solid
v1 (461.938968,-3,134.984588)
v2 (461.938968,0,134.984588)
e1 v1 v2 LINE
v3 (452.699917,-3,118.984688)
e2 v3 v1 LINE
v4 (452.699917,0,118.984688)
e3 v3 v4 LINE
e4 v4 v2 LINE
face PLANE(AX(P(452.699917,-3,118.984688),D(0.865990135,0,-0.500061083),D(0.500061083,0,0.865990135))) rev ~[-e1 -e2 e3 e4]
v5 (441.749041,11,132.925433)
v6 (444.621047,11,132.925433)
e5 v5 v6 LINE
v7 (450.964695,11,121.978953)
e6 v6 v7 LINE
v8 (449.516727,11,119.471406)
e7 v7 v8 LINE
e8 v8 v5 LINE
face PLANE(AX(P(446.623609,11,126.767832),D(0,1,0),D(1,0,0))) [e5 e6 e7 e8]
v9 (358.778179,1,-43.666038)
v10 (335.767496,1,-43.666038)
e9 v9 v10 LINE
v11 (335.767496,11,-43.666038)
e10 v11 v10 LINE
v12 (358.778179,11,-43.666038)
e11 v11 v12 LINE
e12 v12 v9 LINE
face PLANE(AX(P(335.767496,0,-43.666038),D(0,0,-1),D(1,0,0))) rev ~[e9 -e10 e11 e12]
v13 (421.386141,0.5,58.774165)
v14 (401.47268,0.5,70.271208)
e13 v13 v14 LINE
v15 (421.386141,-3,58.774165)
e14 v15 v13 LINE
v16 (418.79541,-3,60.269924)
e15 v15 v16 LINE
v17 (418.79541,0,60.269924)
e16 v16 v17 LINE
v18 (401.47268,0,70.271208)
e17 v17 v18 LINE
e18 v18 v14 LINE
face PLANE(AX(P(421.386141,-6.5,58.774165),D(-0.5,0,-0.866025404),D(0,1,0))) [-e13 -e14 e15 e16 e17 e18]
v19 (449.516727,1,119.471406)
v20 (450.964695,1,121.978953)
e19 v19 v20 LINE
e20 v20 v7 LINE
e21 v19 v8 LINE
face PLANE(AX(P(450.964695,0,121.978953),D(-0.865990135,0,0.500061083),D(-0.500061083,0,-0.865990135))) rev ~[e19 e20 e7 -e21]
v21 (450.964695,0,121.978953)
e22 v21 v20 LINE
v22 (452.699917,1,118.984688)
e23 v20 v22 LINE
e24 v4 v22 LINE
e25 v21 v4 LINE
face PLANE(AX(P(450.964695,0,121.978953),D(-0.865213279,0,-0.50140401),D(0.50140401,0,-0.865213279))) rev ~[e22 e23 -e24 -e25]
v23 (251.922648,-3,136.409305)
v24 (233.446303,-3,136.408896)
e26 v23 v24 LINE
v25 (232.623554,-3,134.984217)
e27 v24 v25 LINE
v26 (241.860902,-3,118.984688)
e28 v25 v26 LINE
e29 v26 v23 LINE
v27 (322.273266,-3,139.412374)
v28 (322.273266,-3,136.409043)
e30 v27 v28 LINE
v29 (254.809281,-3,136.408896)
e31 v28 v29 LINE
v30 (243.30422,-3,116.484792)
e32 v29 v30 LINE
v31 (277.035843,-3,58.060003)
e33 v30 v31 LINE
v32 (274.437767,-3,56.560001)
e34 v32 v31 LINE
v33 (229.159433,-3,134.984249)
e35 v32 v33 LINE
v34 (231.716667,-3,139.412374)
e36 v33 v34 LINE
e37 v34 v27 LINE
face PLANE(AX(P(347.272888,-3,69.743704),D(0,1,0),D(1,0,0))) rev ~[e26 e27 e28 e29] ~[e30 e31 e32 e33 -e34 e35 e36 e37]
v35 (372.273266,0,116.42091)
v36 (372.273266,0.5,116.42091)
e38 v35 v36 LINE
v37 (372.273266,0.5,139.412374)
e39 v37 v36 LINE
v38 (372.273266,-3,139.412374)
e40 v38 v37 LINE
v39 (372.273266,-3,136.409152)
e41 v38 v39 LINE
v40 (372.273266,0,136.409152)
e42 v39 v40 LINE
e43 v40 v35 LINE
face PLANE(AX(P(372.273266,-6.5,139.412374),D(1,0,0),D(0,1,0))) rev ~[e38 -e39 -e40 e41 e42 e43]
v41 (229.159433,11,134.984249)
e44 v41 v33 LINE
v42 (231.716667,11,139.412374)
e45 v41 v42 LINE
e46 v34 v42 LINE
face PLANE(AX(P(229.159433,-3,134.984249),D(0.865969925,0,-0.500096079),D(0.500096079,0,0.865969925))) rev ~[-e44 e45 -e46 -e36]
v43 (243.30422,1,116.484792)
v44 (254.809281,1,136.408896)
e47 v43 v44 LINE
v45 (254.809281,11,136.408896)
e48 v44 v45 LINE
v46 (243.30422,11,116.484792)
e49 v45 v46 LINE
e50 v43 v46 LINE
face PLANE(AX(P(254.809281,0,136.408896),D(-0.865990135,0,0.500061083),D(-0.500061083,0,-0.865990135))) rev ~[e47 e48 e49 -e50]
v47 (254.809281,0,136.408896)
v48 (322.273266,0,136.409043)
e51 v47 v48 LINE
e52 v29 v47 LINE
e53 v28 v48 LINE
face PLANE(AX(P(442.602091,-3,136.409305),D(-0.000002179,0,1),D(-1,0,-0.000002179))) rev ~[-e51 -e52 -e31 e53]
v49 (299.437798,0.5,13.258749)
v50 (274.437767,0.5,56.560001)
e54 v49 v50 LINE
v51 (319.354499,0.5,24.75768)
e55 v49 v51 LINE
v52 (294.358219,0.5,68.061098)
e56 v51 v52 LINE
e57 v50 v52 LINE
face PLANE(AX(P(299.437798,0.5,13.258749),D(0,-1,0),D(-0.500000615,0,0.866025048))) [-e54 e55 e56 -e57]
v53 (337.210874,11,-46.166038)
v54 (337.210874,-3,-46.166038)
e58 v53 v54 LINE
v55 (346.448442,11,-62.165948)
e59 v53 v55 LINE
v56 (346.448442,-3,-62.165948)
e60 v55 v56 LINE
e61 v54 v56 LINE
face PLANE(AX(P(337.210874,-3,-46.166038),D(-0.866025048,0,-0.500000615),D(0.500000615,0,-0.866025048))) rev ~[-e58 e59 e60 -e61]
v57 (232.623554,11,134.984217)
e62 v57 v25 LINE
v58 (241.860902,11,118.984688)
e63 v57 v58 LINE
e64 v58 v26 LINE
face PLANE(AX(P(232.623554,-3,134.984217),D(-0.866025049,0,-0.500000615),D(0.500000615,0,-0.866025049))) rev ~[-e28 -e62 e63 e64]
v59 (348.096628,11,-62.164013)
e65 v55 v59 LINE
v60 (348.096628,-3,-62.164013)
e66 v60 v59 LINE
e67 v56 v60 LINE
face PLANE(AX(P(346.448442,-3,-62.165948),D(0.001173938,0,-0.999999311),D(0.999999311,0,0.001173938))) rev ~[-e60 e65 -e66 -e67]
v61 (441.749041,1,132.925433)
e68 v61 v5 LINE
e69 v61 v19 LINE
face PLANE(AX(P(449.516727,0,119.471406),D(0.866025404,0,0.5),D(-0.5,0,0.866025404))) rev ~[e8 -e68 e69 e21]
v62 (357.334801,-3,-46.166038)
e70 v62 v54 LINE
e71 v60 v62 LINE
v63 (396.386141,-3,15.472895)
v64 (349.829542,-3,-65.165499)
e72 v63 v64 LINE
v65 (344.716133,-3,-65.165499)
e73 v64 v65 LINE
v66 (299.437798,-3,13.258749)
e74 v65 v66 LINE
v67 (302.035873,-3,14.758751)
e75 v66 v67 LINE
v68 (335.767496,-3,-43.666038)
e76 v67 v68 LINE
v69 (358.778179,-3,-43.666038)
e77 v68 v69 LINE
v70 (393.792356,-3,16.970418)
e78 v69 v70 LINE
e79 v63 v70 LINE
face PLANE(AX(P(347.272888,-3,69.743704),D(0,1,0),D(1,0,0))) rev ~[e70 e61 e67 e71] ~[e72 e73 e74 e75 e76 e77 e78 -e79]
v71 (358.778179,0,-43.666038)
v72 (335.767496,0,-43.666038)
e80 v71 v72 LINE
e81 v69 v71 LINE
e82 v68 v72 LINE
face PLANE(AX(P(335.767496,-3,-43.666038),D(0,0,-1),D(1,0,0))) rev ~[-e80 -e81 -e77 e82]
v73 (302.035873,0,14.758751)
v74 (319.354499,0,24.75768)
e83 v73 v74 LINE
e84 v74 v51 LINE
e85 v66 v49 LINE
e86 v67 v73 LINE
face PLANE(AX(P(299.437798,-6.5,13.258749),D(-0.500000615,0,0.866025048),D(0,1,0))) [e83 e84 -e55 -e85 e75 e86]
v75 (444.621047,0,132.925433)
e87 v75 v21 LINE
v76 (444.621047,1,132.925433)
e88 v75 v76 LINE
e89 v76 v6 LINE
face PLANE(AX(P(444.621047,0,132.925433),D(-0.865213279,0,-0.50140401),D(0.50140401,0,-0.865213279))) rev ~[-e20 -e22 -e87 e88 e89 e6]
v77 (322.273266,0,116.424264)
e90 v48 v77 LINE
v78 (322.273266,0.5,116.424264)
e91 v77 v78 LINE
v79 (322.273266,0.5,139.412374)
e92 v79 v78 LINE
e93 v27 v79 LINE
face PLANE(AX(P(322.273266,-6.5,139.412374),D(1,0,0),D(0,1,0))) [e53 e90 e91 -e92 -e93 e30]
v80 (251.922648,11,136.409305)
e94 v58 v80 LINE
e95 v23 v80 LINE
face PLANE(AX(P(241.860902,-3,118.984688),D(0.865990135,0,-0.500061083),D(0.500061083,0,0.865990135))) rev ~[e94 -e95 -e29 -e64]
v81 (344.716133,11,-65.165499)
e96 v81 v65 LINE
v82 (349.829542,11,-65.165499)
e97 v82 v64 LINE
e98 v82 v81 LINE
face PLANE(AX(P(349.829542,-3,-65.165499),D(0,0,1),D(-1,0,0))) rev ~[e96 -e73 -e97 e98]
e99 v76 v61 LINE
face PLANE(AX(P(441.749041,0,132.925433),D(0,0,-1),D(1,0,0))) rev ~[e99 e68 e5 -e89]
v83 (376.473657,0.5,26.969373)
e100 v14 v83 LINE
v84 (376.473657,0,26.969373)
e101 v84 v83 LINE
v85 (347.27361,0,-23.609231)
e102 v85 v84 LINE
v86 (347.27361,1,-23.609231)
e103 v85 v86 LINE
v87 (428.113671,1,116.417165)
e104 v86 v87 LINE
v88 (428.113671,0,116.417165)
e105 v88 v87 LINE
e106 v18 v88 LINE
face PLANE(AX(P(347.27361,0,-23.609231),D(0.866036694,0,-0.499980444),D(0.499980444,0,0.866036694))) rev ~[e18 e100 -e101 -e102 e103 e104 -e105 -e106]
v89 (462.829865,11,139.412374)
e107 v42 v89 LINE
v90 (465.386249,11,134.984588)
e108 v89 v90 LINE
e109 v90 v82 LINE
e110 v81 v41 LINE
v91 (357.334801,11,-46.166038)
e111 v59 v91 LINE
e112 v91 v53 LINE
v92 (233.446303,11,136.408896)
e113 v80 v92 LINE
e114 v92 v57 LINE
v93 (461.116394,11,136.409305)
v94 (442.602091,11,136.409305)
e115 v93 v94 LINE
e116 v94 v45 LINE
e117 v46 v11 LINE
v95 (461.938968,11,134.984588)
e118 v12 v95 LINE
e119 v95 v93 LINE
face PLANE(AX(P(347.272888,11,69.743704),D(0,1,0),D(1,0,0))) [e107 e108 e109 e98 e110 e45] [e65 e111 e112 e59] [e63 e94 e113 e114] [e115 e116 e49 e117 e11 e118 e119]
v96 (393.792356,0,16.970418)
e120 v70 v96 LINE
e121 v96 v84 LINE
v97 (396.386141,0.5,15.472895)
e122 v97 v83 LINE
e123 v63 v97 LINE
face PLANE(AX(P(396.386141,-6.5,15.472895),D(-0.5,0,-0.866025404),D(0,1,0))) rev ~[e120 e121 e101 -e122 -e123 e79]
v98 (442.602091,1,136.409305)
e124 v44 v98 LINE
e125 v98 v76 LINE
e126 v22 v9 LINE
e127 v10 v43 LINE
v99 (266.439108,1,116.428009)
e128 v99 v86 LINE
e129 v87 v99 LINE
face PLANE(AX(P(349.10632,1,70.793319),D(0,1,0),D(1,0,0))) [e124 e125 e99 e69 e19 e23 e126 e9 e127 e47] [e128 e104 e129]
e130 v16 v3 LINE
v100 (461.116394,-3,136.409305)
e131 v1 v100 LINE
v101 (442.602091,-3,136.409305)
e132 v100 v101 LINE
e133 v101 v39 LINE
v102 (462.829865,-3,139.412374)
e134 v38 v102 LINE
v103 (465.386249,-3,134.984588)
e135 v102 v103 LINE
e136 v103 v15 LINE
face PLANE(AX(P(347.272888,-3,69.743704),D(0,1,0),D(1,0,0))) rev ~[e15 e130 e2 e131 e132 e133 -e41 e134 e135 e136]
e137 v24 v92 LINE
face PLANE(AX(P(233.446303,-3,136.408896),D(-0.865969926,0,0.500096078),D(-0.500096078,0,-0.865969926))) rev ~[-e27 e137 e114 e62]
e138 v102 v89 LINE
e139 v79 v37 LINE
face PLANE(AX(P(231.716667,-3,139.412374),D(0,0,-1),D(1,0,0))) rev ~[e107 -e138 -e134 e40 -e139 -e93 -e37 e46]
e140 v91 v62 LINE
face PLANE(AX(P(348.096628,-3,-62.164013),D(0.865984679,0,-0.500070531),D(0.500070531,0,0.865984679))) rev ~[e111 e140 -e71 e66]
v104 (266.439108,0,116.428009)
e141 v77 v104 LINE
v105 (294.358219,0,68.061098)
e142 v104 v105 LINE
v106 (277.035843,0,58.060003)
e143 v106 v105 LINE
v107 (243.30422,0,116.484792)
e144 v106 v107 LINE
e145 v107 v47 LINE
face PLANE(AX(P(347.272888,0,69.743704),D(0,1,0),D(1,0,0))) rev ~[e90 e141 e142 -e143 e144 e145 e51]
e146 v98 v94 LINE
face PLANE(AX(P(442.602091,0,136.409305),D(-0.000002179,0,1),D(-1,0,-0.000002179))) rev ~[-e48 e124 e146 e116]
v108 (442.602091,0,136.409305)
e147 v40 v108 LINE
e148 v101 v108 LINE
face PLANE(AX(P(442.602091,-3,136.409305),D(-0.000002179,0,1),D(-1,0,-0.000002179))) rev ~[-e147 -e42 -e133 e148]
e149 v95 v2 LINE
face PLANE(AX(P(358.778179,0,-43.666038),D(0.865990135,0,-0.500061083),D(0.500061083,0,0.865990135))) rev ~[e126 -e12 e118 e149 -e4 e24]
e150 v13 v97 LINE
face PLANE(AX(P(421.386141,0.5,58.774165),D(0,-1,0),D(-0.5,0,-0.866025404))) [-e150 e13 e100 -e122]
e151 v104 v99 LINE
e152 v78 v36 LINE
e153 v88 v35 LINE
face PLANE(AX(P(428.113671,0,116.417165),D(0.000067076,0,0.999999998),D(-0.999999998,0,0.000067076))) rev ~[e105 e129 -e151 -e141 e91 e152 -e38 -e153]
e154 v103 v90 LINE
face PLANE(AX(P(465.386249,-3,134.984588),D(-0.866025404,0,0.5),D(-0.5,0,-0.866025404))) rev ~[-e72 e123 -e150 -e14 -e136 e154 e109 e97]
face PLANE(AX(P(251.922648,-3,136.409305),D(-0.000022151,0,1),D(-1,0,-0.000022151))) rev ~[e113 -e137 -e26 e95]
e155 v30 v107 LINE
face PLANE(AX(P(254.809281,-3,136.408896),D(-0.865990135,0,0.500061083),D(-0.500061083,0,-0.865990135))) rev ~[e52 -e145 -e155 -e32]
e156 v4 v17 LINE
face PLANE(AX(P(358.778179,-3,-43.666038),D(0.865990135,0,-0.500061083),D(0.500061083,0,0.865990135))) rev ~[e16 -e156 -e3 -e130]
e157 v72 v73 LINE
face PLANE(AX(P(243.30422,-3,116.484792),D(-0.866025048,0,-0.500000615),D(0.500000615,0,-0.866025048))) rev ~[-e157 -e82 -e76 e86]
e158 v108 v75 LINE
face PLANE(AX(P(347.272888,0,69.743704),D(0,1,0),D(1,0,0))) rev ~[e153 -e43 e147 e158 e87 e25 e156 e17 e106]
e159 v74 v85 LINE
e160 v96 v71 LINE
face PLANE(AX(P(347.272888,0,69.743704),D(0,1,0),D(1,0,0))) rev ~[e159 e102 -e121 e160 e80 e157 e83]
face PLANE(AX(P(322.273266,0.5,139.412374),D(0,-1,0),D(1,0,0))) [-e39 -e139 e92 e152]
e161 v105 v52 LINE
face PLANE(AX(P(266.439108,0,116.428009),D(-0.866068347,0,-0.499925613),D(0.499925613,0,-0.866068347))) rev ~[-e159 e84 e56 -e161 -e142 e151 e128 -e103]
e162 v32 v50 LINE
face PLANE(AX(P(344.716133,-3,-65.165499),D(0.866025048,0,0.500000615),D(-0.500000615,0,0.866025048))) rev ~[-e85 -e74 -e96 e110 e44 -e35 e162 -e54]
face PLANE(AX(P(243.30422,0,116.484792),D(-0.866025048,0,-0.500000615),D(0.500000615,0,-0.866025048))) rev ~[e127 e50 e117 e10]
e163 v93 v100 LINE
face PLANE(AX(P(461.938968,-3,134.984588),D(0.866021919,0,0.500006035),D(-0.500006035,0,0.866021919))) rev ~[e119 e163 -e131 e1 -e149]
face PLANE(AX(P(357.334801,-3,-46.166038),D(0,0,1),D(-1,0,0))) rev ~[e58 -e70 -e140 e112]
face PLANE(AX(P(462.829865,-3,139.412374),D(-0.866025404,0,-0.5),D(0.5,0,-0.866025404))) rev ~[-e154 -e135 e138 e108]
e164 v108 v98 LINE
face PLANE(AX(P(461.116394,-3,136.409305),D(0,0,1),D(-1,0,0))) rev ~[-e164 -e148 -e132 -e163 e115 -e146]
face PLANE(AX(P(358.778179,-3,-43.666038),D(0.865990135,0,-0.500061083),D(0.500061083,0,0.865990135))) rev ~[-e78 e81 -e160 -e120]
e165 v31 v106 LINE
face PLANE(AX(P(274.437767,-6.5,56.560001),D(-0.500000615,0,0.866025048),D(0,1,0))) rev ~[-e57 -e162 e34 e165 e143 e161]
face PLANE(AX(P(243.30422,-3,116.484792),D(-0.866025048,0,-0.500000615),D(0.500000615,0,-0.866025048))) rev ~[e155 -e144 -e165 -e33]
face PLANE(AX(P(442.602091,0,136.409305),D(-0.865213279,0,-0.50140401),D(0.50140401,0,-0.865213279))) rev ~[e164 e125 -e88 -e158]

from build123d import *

# Parameters (mm, degrees)
BOSS_EXTRUDE1_DEPTH      = 1
BOSS_EXTRUDE2_DEPTH      = 11
BOSS_EXTRUDE3_DEPTH      = 5
BOSS_EXTRUDE3_DEPTH_BACK = 3
SKETCH3_W                = 50
SKETCH3_H                = 7
CUT_EXTRUDE3_DEPTH       = 25
SKETCH5_W                = 50
SKETCH5_H                = 7
CUT_EXTRUDE4_DEPTH       = 25
SKETCH6_W                = 50
SKETCH6_H                = 7
CUT_EXTRUDE5_DEPTH       = 25


with BuildPart() as part:
    # Sketch1 → Boss-Extrude1 (new body)
    with BuildSketch(Plane(origin=(0, 0, 0), x_dir=(1, 0, 0), z_dir=(0, 1, 0))):
        Polygon((243.304219773, -116.484791866), (254.809280576, -136.408896139), (442.602090749, -136.409305398), (444.621046679, -132.925433223), (441.749040748, -132.925433223), (449.516726723, -119.471406457), (450.964695297, -121.978953122), (452.699916621, -118.984688017), (358.778179035, 43.666038066), (335.767496284, 43.666038066), align=None)
        Polygon((428.113670919, -116.417164681), (266.439108268, -116.428009241), (347.273609729, 23.609230825), align=None, mode=Mode.SUBTRACT)
    extrude(amount=BOSS_EXTRUDE1_DEPTH)

    # Sketch1<9> → Boss-Extrude2 (add)
    # profile 1 of 2: a face of its own
    with BuildSketch(Plane(origin=(0, 0, 0), x_dir=(1, 0, 0), z_dir=(0, 1, 0))):
        Polygon((229.159432547, -134.984249184), (231.716666588, -139.412373829), (462.829865412, -139.412373829), (465.38624875, -134.984588004), (349.829542096, 65.165499075), (344.716133219, 65.165499075), align=None)
        Polygon((251.922647988, -136.4093054), (233.446303399, -136.408896139), (232.623553959, -134.984217358), (241.860901688, -118.984688019), align=None, mode=Mode.SUBTRACT)
        Polygon((442.602090749, -136.409305398), (254.809280576, -136.408896139), (243.304219773, -116.484791866), (335.767496284, 43.666038066), (358.778179035, 43.666038066), (461.938967957, -134.984588004), (461.116393748, -136.409305398), align=None, mode=Mode.SUBTRACT)
        Polygon((348.096628302, 62.164013367), (357.334800991, 46.166038067), (337.210874326, 46.166038067), (346.44844193, 62.165948237), align=None, mode=Mode.SUBTRACT)
    # profile 2 of 2: a face of its own
    with BuildSketch(Plane(origin=(0, 0, 0), x_dir=(1, 0, 0), z_dir=(0, 1, 0))):
        Polygon((441.749040748, -132.925433223), (444.621046679, -132.925433223), (450.964695297, -121.978953122), (449.516726723, -119.471406457), align=None)
    extrude(amount=BOSS_EXTRUDE2_DEPTH)

    # Sketch1<10> → Boss-Extrude3 (add, two sides: drawn at the far end of the back side and taken through both)
    with BuildSketch(Plane(origin=(0, 0, 0), x_dir=(1, 0, 0), z_dir=(0, 1, 0)).offset(-BOSS_EXTRUDE3_DEPTH_BACK)):
        Polygon((229.159432547, -134.984249184), (231.716666588, -139.412373829), (462.829865412, -139.412373829), (465.38624875, -134.984588004), (349.829542096, 65.165499075), (344.716133219, 65.165499075), align=None)
        Polygon((251.922647988, -136.4093054), (233.446303399, -136.408896139), (232.623553959, -134.984217358), (241.860901688, -118.984688019), align=None, mode=Mode.SUBTRACT)
        Polygon((442.602090749, -136.409305398), (254.809280576, -136.408896139), (243.304219773, -116.484791866), (335.767496284, 43.666038066), (358.778179035, 43.666038066), (452.699916621, -118.984688017), (461.938967957, -134.984588004), (461.116393748, -136.409305398), align=None, mode=Mode.SUBTRACT)
        Polygon((348.096628302, 62.164013367), (357.334800991, 46.166038067), (337.210874326, 46.166038067), (346.44844193, 62.165948237), align=None, mode=Mode.SUBTRACT)
    extrude(amount=BOSS_EXTRUDE3_DEPTH + BOSS_EXTRUDE3_DEPTH_BACK)

    # Sketch3 → Cut-Extrude3 (cut)
    with BuildSketch(Plane(origin=(290.589645397, 0, -167.772009994), x_dir=(-0.49999999999998745, 0, -0.8660254037844459), z_dir=(0.8660254037844459, 0, -0.49999999999998745))):
        with Locations((-236.592990632, -3)):
            Rectangle(SKETCH3_W, SKETCH3_H)
    extrude(amount=-CUT_EXTRUDE3_DEPTH, mode=Mode.SUBTRACT)

    # Sketch5 → Cut-Extrude4 (cut)
    with BuildSketch(Plane.XY.offset(139.412373829)):
        with Locations((347.273266, -3)):
            Rectangle(SKETCH5_W, SKETCH5_H)
    extrude(amount=-CUT_EXTRUDE4_DEPTH, mode=Mode.SUBTRACT)

    # Sketch6 → Cut-Extrude5 (cut)
    with BuildSketch(Plane(origin=(230.319375797, 0, 132.975171838), x_dir=(-0.5000006154012504, 0, 0.8660250484820695), z_dir=(-0.8660250484820695, 0, -0.5000006154012504))):
        with Locations((-113.2366748, -3)):
            Rectangle(SKETCH6_W, SKETCH6_H)
    extrude(amount=-CUT_EXTRUDE5_DEPTH, mode=Mode.SUBTRACT)


solid = part.part
